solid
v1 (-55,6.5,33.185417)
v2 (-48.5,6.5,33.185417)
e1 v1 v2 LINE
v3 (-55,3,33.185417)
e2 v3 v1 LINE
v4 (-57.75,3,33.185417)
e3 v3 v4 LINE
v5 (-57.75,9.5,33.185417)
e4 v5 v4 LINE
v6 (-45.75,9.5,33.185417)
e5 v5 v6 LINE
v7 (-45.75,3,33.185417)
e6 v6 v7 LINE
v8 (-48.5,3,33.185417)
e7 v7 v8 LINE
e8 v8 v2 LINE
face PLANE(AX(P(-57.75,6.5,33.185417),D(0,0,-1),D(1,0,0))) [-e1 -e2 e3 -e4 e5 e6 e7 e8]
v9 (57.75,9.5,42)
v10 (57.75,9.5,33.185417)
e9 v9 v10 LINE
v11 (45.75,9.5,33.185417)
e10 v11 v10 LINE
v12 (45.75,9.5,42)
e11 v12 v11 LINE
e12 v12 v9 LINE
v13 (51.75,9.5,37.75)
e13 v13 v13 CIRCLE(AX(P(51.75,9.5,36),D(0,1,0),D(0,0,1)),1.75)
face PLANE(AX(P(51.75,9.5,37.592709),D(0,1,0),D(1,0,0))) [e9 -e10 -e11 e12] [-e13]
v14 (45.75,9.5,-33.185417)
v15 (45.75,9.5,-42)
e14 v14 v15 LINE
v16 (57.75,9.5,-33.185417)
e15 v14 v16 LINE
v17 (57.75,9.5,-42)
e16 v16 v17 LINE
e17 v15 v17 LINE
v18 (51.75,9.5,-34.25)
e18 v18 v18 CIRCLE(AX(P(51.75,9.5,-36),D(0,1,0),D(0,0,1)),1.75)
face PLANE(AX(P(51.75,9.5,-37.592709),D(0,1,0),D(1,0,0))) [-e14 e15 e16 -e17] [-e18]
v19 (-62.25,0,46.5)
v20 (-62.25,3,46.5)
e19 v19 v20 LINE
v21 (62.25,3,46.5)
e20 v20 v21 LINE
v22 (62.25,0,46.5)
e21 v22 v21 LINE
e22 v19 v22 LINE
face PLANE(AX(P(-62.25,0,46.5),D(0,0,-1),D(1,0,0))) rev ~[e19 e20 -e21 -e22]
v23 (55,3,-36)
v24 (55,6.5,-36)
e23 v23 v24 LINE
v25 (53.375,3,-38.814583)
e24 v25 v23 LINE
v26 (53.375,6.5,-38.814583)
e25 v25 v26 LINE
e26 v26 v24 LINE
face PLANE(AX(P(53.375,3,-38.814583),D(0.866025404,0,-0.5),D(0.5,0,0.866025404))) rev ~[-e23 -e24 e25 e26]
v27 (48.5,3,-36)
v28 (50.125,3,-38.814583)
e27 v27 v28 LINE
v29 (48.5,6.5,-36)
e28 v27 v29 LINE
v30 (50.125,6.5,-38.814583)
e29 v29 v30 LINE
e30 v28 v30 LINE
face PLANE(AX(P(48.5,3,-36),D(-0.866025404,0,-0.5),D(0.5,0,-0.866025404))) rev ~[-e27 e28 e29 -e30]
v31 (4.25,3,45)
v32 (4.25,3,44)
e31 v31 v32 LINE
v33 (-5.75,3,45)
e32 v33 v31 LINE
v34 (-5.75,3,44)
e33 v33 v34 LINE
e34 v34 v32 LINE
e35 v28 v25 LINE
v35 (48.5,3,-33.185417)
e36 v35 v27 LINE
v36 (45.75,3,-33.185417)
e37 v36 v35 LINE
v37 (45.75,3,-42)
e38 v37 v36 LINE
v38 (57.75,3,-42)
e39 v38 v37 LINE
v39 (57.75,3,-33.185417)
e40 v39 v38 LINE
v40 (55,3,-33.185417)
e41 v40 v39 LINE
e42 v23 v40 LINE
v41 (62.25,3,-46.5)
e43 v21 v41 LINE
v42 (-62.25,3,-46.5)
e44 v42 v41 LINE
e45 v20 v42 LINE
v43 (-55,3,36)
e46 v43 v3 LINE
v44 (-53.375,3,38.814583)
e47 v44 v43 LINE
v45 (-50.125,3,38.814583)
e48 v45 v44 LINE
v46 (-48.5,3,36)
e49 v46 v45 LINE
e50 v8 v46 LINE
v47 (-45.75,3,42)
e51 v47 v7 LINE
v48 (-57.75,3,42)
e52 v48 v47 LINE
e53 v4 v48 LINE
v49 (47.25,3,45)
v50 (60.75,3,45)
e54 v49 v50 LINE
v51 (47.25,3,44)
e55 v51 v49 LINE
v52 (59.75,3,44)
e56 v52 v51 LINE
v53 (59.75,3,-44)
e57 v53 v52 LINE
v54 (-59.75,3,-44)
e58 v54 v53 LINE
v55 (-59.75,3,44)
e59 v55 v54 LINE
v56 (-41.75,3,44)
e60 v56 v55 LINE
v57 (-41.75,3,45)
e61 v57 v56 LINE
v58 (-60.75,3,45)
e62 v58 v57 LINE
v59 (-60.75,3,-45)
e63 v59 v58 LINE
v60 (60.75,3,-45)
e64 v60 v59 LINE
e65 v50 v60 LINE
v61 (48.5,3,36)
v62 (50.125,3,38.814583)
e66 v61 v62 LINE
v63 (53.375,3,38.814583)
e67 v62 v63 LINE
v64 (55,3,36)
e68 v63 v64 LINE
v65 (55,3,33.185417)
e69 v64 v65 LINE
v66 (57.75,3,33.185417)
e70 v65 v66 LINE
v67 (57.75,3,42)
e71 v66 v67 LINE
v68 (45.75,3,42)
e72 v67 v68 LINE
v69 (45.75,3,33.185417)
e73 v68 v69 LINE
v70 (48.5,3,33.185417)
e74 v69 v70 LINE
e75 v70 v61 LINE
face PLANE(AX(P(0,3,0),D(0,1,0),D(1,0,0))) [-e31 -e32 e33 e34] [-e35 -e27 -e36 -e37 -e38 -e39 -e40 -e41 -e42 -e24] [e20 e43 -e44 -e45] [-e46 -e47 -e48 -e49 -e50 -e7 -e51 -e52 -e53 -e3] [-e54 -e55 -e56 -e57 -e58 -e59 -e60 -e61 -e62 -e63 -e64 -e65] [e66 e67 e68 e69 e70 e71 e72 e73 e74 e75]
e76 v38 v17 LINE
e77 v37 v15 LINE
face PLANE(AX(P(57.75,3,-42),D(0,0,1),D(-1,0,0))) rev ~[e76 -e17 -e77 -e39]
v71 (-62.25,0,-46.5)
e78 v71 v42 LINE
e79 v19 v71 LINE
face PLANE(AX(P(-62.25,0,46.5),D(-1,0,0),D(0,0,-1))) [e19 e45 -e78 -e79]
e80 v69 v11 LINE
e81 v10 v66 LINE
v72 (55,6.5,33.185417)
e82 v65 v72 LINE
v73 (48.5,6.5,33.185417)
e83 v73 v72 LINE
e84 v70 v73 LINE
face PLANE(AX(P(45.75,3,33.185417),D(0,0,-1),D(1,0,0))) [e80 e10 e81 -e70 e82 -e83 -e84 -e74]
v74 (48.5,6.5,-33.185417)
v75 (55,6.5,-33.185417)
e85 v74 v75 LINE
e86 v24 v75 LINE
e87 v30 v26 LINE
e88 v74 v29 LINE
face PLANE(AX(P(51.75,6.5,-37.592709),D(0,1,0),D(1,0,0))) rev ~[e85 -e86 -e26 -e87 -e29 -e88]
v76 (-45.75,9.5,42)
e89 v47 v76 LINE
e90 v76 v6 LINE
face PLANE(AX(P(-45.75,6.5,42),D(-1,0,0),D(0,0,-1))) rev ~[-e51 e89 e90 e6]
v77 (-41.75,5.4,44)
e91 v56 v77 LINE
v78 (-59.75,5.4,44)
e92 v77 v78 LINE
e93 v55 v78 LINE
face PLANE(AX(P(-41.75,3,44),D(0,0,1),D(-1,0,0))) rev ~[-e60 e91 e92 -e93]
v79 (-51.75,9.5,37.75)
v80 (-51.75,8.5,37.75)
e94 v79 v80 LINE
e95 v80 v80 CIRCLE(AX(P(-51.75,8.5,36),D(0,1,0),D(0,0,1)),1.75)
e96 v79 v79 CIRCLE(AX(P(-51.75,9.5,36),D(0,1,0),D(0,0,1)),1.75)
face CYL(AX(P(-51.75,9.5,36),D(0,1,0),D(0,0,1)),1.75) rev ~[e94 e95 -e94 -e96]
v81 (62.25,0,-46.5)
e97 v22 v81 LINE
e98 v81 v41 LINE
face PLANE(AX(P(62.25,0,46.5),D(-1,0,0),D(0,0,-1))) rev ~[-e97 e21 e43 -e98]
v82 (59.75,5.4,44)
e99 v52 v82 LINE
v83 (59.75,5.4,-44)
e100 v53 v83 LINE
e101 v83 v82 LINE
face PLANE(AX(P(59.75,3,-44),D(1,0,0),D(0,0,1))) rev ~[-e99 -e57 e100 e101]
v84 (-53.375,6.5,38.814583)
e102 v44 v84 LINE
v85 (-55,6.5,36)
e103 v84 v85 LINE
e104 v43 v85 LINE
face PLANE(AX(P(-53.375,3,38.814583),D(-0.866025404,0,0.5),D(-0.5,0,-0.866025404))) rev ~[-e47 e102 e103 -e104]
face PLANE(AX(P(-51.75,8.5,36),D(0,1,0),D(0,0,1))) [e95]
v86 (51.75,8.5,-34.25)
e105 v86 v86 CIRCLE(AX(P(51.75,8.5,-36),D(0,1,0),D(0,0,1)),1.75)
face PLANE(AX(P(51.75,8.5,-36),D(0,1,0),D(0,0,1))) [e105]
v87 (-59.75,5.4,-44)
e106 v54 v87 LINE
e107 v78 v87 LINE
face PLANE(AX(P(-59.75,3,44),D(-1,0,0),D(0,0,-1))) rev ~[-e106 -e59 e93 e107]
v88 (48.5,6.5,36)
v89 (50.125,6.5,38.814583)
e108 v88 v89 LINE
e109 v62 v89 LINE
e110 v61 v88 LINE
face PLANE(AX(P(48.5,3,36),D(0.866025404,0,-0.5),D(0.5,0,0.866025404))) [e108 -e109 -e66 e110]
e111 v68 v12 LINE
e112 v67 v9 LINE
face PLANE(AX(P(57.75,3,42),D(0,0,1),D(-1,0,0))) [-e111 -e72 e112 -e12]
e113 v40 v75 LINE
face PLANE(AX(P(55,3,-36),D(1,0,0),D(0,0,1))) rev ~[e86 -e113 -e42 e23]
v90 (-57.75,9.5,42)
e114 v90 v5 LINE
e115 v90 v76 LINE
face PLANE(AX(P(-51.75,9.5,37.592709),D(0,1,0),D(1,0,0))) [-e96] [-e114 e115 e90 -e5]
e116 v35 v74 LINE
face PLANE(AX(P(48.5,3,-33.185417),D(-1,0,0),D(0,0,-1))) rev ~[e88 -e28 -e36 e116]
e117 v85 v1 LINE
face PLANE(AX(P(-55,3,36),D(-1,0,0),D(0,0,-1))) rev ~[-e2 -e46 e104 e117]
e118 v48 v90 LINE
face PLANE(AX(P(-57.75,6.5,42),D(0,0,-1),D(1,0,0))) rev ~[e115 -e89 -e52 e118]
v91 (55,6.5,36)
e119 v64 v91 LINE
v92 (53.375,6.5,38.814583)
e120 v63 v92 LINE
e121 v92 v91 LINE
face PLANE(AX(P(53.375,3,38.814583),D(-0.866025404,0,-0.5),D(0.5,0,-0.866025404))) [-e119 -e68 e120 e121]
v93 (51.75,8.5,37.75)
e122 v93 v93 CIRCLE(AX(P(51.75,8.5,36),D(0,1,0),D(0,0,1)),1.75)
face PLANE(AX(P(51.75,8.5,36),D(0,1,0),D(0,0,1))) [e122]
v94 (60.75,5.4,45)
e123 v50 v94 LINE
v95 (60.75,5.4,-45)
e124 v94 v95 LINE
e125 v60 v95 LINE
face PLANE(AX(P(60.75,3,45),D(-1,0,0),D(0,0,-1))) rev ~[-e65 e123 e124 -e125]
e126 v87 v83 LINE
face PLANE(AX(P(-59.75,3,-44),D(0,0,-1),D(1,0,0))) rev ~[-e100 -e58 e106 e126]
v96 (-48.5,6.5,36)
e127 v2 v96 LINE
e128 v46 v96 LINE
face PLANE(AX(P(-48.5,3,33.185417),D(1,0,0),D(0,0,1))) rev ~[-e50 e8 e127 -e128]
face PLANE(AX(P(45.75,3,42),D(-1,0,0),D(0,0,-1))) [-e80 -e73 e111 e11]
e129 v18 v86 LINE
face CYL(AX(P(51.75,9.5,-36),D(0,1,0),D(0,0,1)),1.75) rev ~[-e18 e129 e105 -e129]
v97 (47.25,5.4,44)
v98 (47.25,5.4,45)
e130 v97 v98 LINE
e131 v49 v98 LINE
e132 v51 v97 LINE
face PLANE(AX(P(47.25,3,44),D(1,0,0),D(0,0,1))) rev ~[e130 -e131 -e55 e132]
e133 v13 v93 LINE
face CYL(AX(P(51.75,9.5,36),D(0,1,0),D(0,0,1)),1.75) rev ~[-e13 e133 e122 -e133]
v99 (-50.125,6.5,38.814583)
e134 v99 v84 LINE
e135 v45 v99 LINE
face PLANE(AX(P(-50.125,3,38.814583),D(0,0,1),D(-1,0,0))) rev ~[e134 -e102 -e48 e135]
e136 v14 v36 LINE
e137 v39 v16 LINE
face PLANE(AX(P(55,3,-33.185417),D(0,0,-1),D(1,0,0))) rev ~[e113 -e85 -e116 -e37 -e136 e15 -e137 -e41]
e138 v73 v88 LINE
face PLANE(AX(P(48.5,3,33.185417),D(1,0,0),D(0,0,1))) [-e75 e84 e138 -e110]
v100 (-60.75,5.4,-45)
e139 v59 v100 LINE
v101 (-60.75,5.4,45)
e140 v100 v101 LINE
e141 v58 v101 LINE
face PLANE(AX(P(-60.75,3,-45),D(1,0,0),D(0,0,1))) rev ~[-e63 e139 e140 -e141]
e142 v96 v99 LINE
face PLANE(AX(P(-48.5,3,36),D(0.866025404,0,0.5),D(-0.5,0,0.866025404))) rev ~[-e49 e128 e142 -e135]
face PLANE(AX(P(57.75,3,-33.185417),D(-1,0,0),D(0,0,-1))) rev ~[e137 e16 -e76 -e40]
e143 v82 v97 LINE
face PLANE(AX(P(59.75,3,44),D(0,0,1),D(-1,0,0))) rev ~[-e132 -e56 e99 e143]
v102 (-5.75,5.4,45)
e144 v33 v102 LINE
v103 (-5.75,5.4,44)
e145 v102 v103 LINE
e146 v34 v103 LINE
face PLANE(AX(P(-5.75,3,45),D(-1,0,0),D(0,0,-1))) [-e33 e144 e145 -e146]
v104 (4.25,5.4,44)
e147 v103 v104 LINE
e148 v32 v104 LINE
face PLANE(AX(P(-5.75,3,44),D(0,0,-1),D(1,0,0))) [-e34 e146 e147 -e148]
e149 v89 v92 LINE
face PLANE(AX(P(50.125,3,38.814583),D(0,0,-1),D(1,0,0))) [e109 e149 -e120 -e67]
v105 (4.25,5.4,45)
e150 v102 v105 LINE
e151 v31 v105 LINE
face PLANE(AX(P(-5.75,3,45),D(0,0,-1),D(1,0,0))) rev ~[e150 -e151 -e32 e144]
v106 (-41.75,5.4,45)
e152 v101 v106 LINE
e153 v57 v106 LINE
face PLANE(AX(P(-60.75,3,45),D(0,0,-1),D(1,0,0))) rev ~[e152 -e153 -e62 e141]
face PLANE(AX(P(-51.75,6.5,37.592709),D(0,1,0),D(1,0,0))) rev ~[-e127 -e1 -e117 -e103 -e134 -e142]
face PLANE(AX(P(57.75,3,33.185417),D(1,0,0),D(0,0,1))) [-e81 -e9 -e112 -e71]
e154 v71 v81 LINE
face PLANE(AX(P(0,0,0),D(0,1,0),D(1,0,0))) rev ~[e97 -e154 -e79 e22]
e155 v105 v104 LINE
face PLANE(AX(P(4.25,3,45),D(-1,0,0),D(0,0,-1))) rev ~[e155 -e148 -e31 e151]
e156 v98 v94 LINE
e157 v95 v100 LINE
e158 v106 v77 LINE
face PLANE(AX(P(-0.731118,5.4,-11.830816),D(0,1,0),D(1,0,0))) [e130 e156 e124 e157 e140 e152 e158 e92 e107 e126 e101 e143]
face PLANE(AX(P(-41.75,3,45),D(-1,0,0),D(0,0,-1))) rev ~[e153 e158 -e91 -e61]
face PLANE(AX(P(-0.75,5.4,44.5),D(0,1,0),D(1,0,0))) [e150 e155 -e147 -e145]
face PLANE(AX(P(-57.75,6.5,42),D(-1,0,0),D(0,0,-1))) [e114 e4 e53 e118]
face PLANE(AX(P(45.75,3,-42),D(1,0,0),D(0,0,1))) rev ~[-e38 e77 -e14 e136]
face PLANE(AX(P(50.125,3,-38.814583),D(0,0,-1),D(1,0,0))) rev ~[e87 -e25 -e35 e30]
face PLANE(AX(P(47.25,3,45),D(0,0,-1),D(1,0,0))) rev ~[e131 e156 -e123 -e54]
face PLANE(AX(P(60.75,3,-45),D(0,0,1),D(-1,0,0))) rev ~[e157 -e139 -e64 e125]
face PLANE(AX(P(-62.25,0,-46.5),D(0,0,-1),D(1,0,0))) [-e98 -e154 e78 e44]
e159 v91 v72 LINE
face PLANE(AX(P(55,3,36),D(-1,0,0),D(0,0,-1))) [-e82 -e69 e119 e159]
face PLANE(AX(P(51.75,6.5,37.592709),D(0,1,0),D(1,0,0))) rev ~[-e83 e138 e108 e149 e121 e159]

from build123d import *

# Parameters (mm, degrees)
SKETCH_1_W          = 124.5
SKETCH_1_H          = 93
EXTRUDE_1_DEPTH     = 3
SKETCH_2_W          = 10
SKETCH_2_H          = 1
EXTRUDE_1_2_DEPTH   = 2.4
EXTRUDE_2_DEPTH     = 3.5
SKETCH_4_W          = 12
SKETCH_4_H          = 8.814582562
EXTRUDE_3_DEPTH     = 3
SKETCH_5_R          = 1.75
CUT_EXTRUDE_1_DEPTH = 1


with BuildPart() as part:
    # Эскиз1 → Extrude 1 (new body)
    with BuildSketch(Plane(origin=(0, 0, 0), x_dir=(1, 0, 0), z_dir=(0, 1, 0))):
        Rectangle(SKETCH_1_W, SKETCH_1_H)
    extrude(amount=EXTRUDE_1_DEPTH)

    # Эскиз2 → Extrude 1 2 (add)
    with BuildSketch(Plane(origin=(0, 3, 0), x_dir=(1, 0, 0), z_dir=(0, 1, 0))):
        Polygon((-41.75, -44), (-59.75, -44), (-59.75, 44), (59.75, 44), (59.75, -44), (47.25, -44), (47.25, -45), (60.75, -45), (60.75, 45), (-60.75, 45), (-60.75, -45), (-41.75, -45), align=None)
        with Locations((-0.75, -44.5)):
            Rectangle(SKETCH_2_W, SKETCH_2_H)
    extrude(amount=EXTRUDE_1_2_DEPTH)

    # Эскиз3 → Бобышка-Вытянуть2 (add)
    with BuildSketch(Plane(origin=(0, 3, 0), x_dir=(1, 0, 0), z_dir=(0, 1, 0))):
        Polygon((-55, -36), (-55, -33.185417438), (-57.75, -33.185417438), (-57.75, -42), (-45.75, -42), (-45.75, -33.185417438), (-48.5, -33.185417438), (-48.5, -36), (-50.125, -38.814582562), (-53.375, -38.814582562), align=None)
        Polygon((55, 36), (55, 33.185417438), (57.75, 33.185417438), (57.75, 42), (45.75, 42), (45.75, 33.185417438), (48.5, 33.185417438), (48.5, 36), (50.125, 38.814582562), (53.375, 38.814582562), align=None)
        Polygon((55, -36), (55, -33.185417438), (57.75, -33.185417438), (57.75, -42), (45.75, -42), (45.75, -33.185417438), (48.5, -33.185417438), (48.5, -36), (50.125, -38.814582562), (53.375, -38.814582562), align=None)
    extrude(amount=EXTRUDE_2_DEPTH)

    # Эскиз4 → Бобышка-Вытянуть3 (add)
    with BuildSketch(Plane(origin=(0, 6.5, 0), x_dir=(1, 0, 0), z_dir=(0, 1, 0))):
        with Locations((-51.75, -37.592708719)):
            Rectangle(SKETCH_4_W, SKETCH_4_H)
        with Locations((51.75, -37.592708719)):
            Rectangle(SKETCH_4_W, SKETCH_4_H)
        with Locations((51.75, 37.592708719)):
            Rectangle(SKETCH_4_W, SKETCH_4_H)
    extrude(amount=EXTRUDE_3_DEPTH)

    # Эскиз5 → Вырез-Вытянуть1 (cut)
    with BuildSketch(Plane(origin=(0, 9.5, 0), x_dir=(1, 0, 0), z_dir=(0, 1, 0))):
        with Locations(Location((-51.75, -36, 0), (0, 0, 270))):
            Circle(SKETCH_5_R)
        with Locations(Location((51.75, -36, 0), (0, 0, 270))):
            Circle(SKETCH_5_R)
        with Locations(Location((51.75, 36, 0), (0, 0, 270))):
            Circle(SKETCH_5_R)
    extrude(amount=-CUT_EXTRUDE_1_DEPTH, mode=Mode.SUBTRACT)


solid = part.part
